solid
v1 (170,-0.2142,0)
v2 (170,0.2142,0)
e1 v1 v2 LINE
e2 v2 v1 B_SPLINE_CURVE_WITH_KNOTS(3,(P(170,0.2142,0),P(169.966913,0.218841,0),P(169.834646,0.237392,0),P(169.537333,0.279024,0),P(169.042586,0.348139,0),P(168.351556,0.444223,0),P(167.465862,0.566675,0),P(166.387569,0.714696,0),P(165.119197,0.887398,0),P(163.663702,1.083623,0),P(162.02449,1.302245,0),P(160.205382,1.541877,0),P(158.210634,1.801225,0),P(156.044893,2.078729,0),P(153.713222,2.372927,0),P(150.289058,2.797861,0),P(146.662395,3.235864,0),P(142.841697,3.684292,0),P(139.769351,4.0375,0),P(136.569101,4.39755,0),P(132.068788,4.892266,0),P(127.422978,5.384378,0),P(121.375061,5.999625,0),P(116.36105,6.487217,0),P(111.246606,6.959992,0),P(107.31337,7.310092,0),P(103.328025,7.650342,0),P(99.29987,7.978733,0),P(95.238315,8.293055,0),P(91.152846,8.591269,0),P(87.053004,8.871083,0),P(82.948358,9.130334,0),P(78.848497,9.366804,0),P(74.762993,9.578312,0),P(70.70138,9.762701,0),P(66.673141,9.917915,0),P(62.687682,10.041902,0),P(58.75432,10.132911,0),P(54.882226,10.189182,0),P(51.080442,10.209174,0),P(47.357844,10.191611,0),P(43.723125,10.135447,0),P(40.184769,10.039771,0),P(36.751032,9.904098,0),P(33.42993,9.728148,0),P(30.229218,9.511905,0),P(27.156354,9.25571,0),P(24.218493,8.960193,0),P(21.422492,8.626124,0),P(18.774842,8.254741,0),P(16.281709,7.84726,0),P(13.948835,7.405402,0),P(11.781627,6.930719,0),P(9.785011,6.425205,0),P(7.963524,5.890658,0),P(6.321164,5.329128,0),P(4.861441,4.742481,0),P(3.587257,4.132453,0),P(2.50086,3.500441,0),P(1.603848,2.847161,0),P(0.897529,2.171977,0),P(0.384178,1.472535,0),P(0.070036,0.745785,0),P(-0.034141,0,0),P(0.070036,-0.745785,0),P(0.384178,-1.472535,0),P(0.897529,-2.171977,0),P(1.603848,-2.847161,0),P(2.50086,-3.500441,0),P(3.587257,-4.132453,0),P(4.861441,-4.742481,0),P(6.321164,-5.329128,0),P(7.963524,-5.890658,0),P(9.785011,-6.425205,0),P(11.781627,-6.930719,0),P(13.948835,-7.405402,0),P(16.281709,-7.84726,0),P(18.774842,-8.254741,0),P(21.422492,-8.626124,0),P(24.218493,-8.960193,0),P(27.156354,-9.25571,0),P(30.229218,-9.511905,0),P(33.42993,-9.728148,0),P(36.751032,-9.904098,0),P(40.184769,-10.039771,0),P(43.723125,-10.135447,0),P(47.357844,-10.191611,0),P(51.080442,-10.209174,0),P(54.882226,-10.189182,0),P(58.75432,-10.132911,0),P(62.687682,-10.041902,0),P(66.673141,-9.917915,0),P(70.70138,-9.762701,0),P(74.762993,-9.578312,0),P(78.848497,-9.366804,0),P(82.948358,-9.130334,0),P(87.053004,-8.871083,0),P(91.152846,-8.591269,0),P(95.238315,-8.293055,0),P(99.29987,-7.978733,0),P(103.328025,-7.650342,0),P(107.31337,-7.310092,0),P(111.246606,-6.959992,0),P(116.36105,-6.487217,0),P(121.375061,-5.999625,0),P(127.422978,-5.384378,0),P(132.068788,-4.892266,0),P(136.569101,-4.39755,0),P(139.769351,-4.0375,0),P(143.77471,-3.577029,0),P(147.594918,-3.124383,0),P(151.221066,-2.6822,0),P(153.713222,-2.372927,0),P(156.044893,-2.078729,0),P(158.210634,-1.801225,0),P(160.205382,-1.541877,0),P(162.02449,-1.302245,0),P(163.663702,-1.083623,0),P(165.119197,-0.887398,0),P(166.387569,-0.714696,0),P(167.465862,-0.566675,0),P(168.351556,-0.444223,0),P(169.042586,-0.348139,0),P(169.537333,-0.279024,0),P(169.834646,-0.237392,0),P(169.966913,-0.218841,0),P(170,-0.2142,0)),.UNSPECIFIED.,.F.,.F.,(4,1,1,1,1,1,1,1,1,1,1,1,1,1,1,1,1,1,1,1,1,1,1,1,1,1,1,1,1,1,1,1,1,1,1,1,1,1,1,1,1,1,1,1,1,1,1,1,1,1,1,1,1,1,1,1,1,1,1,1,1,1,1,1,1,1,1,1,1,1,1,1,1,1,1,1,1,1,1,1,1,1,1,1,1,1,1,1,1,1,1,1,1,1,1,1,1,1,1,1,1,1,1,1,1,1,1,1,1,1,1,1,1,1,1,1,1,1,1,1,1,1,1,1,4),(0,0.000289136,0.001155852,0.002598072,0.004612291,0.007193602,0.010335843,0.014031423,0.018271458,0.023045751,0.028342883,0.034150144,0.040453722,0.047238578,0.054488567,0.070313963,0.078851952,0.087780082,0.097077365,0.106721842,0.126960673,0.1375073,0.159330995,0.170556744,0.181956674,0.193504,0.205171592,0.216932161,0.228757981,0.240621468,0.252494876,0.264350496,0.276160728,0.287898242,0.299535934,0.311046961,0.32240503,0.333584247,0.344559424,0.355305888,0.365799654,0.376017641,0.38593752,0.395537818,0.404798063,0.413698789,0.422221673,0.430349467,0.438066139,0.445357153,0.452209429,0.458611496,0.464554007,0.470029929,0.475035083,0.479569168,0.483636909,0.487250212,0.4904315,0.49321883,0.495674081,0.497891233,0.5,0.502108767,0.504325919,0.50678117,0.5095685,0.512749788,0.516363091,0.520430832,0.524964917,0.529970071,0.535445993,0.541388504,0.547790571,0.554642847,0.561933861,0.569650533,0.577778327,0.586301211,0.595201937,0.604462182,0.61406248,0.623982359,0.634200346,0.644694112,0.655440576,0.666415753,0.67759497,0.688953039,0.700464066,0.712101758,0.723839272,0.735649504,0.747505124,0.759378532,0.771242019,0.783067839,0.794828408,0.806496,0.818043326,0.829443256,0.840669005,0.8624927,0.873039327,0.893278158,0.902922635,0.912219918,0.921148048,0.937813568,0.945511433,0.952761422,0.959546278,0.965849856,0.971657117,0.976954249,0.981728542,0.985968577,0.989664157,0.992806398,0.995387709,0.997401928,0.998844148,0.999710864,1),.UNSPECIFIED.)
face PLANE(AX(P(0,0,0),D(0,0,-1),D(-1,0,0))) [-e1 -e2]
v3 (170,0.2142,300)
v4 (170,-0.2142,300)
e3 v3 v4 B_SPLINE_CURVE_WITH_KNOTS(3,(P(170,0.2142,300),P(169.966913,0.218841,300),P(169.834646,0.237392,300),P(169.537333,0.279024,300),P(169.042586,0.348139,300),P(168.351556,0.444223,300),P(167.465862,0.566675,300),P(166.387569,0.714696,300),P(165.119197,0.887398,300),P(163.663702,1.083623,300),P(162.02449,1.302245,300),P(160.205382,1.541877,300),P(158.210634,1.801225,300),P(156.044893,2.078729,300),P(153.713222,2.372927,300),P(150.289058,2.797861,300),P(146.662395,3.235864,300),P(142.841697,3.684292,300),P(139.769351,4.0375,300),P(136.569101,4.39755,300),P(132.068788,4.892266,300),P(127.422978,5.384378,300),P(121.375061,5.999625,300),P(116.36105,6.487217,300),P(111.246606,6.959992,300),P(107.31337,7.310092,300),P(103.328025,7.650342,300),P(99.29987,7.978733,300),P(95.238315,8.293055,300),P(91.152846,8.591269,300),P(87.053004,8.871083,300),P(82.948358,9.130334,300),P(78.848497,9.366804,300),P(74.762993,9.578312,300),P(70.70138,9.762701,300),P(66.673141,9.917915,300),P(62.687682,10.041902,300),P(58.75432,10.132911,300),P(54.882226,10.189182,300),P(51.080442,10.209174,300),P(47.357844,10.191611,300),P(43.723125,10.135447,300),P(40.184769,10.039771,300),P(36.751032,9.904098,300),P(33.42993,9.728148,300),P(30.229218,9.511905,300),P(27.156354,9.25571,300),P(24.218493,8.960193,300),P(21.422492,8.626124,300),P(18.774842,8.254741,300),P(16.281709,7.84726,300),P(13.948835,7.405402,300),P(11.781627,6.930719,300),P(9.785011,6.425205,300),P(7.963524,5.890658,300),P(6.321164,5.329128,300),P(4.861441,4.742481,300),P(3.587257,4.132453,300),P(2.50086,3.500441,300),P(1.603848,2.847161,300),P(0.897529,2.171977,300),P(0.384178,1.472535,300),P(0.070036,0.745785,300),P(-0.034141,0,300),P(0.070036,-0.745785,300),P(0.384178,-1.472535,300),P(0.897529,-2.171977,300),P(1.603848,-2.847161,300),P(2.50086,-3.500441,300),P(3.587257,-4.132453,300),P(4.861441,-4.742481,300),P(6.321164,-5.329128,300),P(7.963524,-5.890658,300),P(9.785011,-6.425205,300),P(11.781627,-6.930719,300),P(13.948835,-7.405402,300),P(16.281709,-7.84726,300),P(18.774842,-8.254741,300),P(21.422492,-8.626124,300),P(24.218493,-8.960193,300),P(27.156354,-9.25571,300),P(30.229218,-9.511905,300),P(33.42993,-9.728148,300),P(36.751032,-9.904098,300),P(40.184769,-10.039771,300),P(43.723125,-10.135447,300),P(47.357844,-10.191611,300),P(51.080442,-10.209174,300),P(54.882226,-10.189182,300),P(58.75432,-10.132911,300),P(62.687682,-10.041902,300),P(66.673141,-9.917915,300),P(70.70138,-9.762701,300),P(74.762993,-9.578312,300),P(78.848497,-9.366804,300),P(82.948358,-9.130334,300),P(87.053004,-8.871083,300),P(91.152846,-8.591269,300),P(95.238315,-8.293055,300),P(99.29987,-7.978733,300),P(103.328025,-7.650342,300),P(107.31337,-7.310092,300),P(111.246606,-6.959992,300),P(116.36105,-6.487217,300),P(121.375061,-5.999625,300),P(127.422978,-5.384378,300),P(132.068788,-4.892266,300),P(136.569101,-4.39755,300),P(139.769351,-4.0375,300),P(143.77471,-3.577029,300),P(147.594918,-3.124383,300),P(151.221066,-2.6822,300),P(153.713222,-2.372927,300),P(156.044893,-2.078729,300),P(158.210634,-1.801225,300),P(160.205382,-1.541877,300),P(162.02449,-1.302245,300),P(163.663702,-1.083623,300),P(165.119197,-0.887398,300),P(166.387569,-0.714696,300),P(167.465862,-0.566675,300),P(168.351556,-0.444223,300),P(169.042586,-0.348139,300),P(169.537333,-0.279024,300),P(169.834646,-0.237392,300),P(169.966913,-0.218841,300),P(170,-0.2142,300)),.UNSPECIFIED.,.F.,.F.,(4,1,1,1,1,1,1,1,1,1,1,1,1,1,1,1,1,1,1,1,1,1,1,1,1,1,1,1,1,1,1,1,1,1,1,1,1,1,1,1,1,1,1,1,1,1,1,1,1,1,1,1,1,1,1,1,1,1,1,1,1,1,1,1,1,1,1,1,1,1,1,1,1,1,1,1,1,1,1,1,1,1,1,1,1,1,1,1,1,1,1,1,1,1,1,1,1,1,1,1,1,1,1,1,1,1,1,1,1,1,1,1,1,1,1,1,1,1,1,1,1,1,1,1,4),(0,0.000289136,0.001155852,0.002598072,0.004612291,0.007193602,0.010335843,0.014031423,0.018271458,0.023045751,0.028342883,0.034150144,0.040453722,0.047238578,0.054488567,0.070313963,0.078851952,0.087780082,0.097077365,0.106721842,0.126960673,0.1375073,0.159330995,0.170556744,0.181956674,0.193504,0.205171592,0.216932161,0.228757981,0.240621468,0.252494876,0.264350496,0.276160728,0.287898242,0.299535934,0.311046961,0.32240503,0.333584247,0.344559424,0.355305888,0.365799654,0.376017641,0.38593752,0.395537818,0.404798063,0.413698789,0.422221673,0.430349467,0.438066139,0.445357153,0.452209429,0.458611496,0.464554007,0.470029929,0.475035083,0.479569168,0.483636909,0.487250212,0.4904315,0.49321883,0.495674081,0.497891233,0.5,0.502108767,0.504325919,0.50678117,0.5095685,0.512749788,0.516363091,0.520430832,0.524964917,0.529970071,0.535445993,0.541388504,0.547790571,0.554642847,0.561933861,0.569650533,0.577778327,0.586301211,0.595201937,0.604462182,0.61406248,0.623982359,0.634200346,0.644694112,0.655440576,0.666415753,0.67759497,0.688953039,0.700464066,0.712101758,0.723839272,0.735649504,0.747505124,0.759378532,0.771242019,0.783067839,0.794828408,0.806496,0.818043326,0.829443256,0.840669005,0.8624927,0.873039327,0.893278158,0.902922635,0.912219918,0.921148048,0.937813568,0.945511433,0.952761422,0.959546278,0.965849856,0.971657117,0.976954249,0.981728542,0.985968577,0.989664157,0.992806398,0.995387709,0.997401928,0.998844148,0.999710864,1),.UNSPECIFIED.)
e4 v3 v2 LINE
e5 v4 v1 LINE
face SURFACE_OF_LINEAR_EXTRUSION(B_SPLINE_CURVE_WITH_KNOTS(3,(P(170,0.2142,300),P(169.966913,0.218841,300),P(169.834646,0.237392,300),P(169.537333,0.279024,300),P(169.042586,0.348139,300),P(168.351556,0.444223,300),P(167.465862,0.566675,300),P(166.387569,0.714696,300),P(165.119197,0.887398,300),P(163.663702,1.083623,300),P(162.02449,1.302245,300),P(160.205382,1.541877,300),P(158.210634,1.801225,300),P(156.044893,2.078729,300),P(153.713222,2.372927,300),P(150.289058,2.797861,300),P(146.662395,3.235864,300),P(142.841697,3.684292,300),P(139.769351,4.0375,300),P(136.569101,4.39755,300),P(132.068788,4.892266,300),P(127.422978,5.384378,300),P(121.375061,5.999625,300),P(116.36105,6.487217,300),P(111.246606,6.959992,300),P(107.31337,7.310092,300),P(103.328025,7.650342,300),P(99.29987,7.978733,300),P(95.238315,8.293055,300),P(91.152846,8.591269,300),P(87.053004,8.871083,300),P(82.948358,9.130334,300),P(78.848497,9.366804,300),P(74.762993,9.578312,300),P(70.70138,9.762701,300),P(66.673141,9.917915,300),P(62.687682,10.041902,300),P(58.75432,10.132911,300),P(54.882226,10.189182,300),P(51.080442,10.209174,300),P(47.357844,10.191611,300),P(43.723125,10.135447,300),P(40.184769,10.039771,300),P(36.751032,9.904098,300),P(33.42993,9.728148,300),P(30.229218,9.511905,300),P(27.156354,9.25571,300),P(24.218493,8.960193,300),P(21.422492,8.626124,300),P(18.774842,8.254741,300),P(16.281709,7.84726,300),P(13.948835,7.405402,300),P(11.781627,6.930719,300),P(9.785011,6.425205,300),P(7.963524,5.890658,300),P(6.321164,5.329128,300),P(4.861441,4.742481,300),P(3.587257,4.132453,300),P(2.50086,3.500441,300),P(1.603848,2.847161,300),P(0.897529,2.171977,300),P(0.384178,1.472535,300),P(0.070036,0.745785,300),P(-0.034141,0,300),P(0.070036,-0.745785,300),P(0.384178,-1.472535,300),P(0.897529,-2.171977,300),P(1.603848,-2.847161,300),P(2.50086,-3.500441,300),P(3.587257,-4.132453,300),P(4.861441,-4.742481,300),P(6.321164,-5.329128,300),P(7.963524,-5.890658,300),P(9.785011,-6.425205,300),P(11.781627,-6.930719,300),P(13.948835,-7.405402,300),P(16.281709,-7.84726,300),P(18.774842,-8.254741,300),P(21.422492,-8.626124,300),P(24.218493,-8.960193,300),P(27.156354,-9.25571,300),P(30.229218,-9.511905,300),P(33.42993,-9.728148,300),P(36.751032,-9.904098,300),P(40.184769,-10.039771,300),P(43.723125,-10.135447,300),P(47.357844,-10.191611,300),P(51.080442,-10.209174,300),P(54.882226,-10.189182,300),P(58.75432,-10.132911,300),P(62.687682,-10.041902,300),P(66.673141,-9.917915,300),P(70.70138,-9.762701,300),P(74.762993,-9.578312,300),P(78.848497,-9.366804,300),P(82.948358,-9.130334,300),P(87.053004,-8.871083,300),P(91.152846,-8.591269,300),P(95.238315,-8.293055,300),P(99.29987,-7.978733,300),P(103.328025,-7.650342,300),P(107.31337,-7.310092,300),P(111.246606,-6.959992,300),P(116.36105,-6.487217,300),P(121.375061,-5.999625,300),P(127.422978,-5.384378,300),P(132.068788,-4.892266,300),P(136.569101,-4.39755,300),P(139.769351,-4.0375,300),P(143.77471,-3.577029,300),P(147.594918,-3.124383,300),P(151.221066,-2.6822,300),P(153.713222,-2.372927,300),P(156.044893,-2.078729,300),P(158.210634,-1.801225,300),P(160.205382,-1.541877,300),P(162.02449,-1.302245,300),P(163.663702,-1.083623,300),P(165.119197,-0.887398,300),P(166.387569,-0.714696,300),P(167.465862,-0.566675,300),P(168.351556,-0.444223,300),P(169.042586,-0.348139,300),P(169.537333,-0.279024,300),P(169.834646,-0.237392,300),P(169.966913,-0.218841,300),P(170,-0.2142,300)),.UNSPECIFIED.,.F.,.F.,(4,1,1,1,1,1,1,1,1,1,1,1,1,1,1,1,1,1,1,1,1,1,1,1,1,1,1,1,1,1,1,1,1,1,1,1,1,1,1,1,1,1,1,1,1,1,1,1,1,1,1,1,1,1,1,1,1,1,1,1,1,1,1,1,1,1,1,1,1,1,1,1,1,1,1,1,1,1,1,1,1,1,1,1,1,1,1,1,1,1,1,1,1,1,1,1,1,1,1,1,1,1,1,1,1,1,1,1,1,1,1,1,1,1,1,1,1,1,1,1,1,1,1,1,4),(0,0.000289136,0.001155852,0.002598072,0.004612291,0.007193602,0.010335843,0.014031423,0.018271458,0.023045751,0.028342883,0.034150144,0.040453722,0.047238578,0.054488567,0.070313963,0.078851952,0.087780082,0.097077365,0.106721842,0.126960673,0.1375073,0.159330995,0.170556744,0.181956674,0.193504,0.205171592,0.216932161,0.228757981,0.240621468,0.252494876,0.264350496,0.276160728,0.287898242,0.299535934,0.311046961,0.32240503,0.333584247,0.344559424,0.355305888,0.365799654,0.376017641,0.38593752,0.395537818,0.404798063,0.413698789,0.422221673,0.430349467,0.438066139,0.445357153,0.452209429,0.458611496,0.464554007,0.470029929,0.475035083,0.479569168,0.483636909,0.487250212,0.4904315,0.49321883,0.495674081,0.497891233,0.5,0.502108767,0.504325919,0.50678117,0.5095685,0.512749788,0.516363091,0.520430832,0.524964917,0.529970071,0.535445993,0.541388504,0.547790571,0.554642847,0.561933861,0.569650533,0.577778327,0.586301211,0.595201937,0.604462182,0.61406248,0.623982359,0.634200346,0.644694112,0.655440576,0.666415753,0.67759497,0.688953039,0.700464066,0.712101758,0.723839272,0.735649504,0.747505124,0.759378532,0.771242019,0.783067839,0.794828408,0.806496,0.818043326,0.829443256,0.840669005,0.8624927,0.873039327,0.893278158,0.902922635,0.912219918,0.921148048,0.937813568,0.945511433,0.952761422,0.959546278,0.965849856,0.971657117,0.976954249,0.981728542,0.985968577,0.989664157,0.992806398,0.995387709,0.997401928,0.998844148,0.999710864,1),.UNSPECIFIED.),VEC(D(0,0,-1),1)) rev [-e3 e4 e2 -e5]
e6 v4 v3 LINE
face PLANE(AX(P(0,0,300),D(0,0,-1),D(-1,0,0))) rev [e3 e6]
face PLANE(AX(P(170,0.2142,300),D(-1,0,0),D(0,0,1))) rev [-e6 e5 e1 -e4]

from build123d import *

# Parameters (mm, degrees)
BOSS_EXTRUDE1_DEPTH = 300


with BuildPart() as part:
    # Sketch1 → Boss-Extrude1 (new body)
    with BuildSketch(Plane.XY):
        with BuildLine():
            Line((170, 0.2142), (170, -0.2142))
            add(Edge.make_bspline(
                [(170, 0.2142), (169.96691342, 0.218840619), (169.834646413, 0.237391972), (169.537333236, 0.279024137), (169.042585815, 0.348138554), (168.351556262, 0.444222957), (167.465861685, 0.566675287), (166.387568835, 0.714696442), (165.119197415, 0.887397871), (163.663702113, 1.083622861), (162.024490194, 1.302244578), (160.205382022, 1.541876743), (158.210634282, 1.801225039), (156.044893294, 2.078728885), (153.713221626, 2.372926959), (150.289057759, 2.797861008), (146.662395353, 3.235863882), (142.841697446, 3.684291554), (139.769351121, 4.037499855), (136.569100778, 4.397549669), (132.068788222, 4.892266007), (127.422978073, 5.384378087), (121.375060844, 5.999625203), (116.361049701, 6.487216835), (111.246606258, 6.959992239), (107.31337029, 7.310092358), (103.328024652, 7.650341722), (99.299870496, 7.978732727), (95.238314948, 8.293055446), (91.152846167, 8.591268853), (87.053004363, 8.871082509), (82.948358141, 9.13033403), (78.848497392, 9.366803888), (74.762993375, 9.578311692), (70.701379602, 9.762701033), (66.673140916, 9.917914682), (62.687682017, 10.041902075), (58.754319968, 10.132910693), (54.882226278, 10.189181523), (51.080441726, 10.209173885), (47.357843858, 10.191610864), (43.723124833, 10.135446531), (40.184769339, 10.039770769), (36.751031834, 9.904098329), (33.429929756, 9.728148284), (30.229218443, 9.511905171), (27.156354465, 9.255709661), (24.218493071, 8.960193372), (21.422491655, 8.626124422), (18.774841867, 8.254741447), (16.281708623, 7.847260375), (13.948834696, 7.405401505), (11.781627403, 6.930718554), (9.785010864, 6.425204715), (7.96352359, 5.890657841), (6.321164006, 5.329128456), (4.861440512, 4.742481339), (3.587256905, 4.132452641), (2.500860336, 3.500441188), (1.603848063, 2.847161059), (0.897528539, 2.171977334), (0.384178046, 1.472535432), (0.070036308, 0.74578498), (-0.034140779, 0), (0.070036308, -0.74578498), (0.384178046, -1.472535432), (0.897528539, -2.171977334), (1.603848063, -2.847161059), (2.500860336, -3.500441188), (3.587256905, -4.132452641), (4.861440512, -4.742481339), (6.321164006, -5.329128456), (7.96352359, -5.890657841), (9.785010864, -6.425204715), (11.781627403, -6.930718554), (13.948834696, -7.405401505), (16.281708623, -7.847260375), (18.774841867, -8.254741447), (21.422491655, -8.626124422), (24.218493071, -8.960193372), (27.156354465, -9.255709661), (30.229218443, -9.511905171), (33.429929756, -9.728148284), (36.751031834, -9.904098329), (40.184769339, -10.039770769), (43.723124833, -10.135446531), (47.357843858, -10.191610864), (51.080441726, -10.209173885), (54.882226278, -10.189181523), (58.754319968, -10.132910693), (62.687682017, -10.041902075), (66.673140916, -9.917914682), (70.701379602, -9.762701033), (74.762993375, -9.578311692), (78.848497392, -9.366803888), (82.948358141, -9.13033403), (87.053004363, -8.871082509), (91.152846167, -8.591268853), (95.238314948, -8.293055446), (99.299870496, -7.978732727), (103.328024652, -7.650341722), (107.31337029, -7.310092358), (111.246606258, -6.959992239), (116.361049701, -6.487216835), (121.375060844, -5.999625203), (127.422978073, -5.384378087), (132.068788222, -4.892266007), (136.569100778, -4.397549669), (139.769351121, -4.037499855), (143.774710008, -3.577028977), (147.594918, -3.1243829), (151.221066258, -2.682200029), (153.713221626, -2.372926959), (156.044893294, -2.078728885), (158.210634282, -1.801225039), (160.205382022, -1.541876743), (162.024490194, -1.302244578), (163.663702113, -1.083622861), (165.119197415, -0.887397871), (166.387568835, -0.714696442), (167.465861685, -0.566675287), (168.351556262, -0.444222957), (169.042585815, -0.348138554), (169.537333236, -0.279024137), (169.834646413, -0.237391972), (169.96691342, -0.218840619), (170, -0.2142)],
                knots=[0, 0, 0, 0, 0.000289136, 0.001155852, 0.002598072, 0.004612291, 0.007193602, 0.010335843, 0.014031423, 0.018271458, 0.023045751, 0.028342883, 0.034150144, 0.040453722, 0.047238578, 0.054488567, 0.070313963, 0.078851952, 0.087780082, 0.097077365, 0.106721842, 0.126960673, 0.1375073, 0.159330995, 0.170556744, 0.181956674, 0.193504, 0.205171592, 0.216932161, 0.228757981, 0.240621468, 0.252494876, 0.264350496, 0.276160728, 0.287898242, 0.299535934, 0.311046961, 0.32240503, 0.333584247, 0.344559424, 0.355305888, 0.365799654, 0.376017641, 0.38593752, 0.395537818, 0.404798063, 0.413698789, 0.422221673, 0.430349467, 0.438066139, 0.445357153, 0.452209429, 0.458611496, 0.464554007, 0.470029929, 0.475035083, 0.479569168, 0.483636909, 0.487250212, 0.4904315, 0.49321883, 0.495674081, 0.497891233, 0.5, 0.502108767, 0.504325919, 0.50678117, 0.5095685, 0.512749788, 0.516363091, 0.520430832, 0.524964917, 0.529970071, 0.535445993, 0.541388504, 0.547790571, 0.554642847, 0.561933861, 0.569650533, 0.577778327, 0.586301211, 0.595201937, 0.604462182, 0.61406248, 0.623982359, 0.634200346, 0.644694112, 0.655440576, 0.666415753, 0.67759497, 0.688953039, 0.700464066, 0.712101758, 0.723839272, 0.735649504, 0.747505124, 0.759378532, 0.771242019, 0.783067839, 0.794828408, 0.806496, 0.818043326, 0.829443256, 0.840669005, 0.8624927, 0.873039327, 0.893278158, 0.902922635, 0.912219918, 0.921148048, 0.937813568, 0.945511433, 0.952761422, 0.959546278, 0.965849856, 0.971657117, 0.976954249, 0.981728542, 0.985968577, 0.989664157, 0.992806398, 0.995387709, 0.997401928, 0.998844148, 0.999710864, 1, 1, 1, 1], degree=3))
        make_face()
    extrude(amount=BOSS_EXTRUDE1_DEPTH)


solid = part.part
